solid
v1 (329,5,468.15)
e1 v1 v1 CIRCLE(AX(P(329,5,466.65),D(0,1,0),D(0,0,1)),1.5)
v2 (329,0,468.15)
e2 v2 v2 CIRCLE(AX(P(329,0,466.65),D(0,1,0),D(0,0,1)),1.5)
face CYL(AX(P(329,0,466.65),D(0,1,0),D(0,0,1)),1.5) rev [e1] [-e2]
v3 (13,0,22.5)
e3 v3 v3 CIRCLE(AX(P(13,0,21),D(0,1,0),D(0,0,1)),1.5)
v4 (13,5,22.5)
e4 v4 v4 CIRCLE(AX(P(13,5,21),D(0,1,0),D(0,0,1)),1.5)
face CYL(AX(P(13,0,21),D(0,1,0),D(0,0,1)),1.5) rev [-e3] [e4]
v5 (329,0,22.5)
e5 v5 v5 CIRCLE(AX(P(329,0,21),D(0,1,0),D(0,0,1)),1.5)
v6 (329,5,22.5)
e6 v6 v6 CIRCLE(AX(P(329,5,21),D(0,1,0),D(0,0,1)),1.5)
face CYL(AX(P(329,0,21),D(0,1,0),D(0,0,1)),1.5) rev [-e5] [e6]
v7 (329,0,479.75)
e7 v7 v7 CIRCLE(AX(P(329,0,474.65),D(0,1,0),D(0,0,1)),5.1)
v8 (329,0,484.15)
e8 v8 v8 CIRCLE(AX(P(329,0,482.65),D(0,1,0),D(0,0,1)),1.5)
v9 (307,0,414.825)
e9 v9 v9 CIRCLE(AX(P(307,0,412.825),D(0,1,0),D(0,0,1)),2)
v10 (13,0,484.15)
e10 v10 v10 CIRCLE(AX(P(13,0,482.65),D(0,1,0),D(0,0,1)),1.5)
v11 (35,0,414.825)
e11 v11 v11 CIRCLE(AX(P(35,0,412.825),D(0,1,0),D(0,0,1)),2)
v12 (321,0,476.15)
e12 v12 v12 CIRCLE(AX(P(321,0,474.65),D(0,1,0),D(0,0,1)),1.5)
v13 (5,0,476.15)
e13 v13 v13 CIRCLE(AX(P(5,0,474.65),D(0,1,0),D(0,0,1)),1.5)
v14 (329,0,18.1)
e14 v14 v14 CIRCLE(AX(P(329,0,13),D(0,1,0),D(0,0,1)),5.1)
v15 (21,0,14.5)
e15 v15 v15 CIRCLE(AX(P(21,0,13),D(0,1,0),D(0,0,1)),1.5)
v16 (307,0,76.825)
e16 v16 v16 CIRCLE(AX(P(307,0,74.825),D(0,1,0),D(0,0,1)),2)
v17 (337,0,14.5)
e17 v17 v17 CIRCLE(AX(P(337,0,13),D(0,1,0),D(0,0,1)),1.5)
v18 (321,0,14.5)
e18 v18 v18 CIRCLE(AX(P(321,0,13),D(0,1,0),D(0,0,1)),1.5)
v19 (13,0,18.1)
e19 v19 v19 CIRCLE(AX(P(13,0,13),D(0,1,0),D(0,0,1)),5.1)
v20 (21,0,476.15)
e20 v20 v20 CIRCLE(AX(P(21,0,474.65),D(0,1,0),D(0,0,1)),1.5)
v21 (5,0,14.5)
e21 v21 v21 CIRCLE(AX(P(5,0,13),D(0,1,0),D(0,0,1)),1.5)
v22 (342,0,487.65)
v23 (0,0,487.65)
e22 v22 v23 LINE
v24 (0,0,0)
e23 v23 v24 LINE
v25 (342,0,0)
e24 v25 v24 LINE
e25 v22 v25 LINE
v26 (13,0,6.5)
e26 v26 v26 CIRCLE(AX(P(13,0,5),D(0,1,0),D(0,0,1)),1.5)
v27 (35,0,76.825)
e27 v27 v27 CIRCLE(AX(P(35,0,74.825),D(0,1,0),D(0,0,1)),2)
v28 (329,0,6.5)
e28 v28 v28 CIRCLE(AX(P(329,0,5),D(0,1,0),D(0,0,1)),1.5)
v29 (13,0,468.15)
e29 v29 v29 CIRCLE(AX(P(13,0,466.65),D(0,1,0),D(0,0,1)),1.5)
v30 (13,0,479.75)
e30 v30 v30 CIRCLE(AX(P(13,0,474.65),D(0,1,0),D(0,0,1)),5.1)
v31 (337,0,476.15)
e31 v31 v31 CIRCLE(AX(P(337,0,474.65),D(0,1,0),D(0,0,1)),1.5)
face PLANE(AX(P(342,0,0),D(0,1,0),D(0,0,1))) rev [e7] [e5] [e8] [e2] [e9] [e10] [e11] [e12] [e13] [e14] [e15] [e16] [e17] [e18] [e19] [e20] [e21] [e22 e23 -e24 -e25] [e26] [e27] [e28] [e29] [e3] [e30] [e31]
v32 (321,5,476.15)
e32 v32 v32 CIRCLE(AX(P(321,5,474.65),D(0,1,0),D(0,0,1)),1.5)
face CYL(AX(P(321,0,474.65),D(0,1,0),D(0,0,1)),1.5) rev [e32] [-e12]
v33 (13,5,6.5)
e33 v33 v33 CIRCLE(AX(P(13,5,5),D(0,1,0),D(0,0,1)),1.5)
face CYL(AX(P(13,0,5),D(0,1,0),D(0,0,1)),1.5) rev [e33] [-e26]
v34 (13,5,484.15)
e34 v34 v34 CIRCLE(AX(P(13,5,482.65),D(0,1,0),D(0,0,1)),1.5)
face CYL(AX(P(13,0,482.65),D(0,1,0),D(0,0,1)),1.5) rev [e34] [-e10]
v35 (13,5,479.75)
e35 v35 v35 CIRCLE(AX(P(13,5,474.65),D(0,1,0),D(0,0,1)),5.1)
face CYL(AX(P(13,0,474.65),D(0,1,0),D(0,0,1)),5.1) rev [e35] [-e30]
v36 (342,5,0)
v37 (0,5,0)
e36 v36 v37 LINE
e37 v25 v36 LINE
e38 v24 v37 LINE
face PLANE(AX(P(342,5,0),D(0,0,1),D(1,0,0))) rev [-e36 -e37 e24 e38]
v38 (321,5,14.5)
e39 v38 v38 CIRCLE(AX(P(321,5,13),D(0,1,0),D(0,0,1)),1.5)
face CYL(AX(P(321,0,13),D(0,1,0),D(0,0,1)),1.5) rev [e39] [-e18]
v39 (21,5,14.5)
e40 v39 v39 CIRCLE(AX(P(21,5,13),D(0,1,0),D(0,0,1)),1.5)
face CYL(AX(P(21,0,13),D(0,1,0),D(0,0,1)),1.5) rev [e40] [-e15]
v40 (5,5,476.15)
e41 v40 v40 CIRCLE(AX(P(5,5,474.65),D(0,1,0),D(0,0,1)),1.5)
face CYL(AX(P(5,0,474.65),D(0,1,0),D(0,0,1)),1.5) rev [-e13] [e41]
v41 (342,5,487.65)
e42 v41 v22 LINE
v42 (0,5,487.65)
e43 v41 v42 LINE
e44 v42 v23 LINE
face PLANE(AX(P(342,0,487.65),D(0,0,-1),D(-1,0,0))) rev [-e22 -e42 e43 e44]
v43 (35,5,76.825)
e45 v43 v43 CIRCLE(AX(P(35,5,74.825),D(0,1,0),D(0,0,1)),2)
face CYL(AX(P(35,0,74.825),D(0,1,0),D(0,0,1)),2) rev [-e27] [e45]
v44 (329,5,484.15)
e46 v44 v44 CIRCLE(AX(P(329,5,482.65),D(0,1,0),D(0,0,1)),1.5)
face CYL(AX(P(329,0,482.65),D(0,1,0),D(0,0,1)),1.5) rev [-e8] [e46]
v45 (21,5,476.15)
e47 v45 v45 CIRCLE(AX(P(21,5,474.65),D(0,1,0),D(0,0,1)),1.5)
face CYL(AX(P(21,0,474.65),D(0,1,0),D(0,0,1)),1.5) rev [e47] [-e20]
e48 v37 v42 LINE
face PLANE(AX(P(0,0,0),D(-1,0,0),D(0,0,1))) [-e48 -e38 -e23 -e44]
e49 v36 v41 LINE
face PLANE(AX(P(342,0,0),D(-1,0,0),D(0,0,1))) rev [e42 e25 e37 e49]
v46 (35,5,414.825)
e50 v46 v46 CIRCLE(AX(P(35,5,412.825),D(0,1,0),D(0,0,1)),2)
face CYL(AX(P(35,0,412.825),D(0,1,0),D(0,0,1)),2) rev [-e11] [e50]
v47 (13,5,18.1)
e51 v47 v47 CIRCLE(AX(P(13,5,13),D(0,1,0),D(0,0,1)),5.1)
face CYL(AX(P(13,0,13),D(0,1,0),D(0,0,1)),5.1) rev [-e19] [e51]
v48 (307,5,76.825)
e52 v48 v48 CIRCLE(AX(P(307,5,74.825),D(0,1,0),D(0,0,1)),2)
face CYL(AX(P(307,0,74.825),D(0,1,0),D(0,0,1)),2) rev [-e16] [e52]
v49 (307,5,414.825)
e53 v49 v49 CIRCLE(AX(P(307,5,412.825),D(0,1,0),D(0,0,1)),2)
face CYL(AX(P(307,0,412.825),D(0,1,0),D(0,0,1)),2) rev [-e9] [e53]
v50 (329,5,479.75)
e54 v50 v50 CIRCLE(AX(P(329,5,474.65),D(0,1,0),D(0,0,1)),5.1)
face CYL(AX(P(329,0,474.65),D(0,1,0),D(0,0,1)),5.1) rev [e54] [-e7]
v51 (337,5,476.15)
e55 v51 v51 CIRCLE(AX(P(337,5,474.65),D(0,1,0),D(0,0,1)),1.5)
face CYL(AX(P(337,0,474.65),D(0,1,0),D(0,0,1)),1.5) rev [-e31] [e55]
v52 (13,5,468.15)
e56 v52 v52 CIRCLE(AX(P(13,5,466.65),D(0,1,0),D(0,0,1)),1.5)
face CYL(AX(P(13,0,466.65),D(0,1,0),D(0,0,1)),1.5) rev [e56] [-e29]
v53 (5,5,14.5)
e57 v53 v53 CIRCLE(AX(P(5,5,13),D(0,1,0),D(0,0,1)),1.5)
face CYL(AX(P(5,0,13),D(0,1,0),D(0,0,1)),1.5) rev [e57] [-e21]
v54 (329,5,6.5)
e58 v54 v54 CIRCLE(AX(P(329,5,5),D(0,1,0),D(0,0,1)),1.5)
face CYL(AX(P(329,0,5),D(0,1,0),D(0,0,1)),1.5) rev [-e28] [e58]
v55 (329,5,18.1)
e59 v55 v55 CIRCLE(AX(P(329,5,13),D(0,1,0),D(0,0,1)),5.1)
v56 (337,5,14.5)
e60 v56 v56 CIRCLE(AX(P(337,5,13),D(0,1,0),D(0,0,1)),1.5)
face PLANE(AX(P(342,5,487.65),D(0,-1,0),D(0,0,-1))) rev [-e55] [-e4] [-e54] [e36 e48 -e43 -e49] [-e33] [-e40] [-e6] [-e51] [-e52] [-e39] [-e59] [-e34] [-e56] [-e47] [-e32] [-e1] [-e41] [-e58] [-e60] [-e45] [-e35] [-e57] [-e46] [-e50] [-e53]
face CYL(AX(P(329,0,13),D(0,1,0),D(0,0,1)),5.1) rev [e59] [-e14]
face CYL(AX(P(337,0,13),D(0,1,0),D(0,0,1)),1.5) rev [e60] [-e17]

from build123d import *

# Parameters (mm, degrees)
SKETCH1_W                             = 487.65
SKETCH1_H                             = 5
BOSS_EXTRUDE1_DEPTH                   = 342
THREADEDROD_HOLES_SKETCH2_R           = 5.1
THREADEDROD_HOLES_SKETCH2_R_2         = 1.5
THREADEDRODHOLES_CUT_EXTRUDE1_DEPTH   = 596.643788266
BASEOLATEMOUNTHOLESSKETCH2_R          = 2
BASEPLATEMOUNTHOLESCUT_EXTRUDE1_DEPTH = 596.643788266


with BuildPart() as part:
    # Sketch1 → Boss-Extrude1 (new body)
    with BuildSketch(Plane(origin=(0, 0, 0), x_dir=(0, 0, -1), z_dir=(1, 0, 0))):
        with Locations((-243.825, 2.5)):
            Rectangle(SKETCH1_W, SKETCH1_H)
    extrude(amount=BOSS_EXTRUDE1_DEPTH)

    # ThreadedRod'Holes-Sketch2 → ThreadedRodHoles-Cut-Extrude1 (cut, through all)
    with BuildSketch(Plane(origin=(0, 5, 0), x_dir=(1, 0, 0), z_dir=(0, 1, 0))):
        with Locations(Location((329, -13, 0), (0, 0, 270))):
            Circle(THREADEDROD_HOLES_SKETCH2_R)
        with Locations(Location((321, -13, 0), (0, 0, 270))):
            Circle(THREADEDROD_HOLES_SKETCH2_R_2)
        with Locations(Location((329, -5, 0), (0, 0, 270))):
            Circle(THREADEDROD_HOLES_SKETCH2_R_2)
        with Locations(Location((329, -21, 0), (0, 0, 270))):
            Circle(THREADEDROD_HOLES_SKETCH2_R_2)
        with Locations(Location((337, -13, 0), (0, 0, 270))):
            Circle(THREADEDROD_HOLES_SKETCH2_R_2)
        with Locations(Location((21, -13, 0), (0, 0, 270))):
            Circle(THREADEDROD_HOLES_SKETCH2_R_2)
        with Locations(Location((13, -21, 0), (0, 0, 270))):
            Circle(THREADEDROD_HOLES_SKETCH2_R_2)
        with Locations(Location((13, -5, 0), (0, 0, 270))):
            Circle(THREADEDROD_HOLES_SKETCH2_R_2)
        with Locations(Location((5, -13, 0), (0, 0, 270))):
            Circle(THREADEDROD_HOLES_SKETCH2_R_2)
        with Locations(Location((13, -13, 0), (0, 0, 270))):
            Circle(THREADEDROD_HOLES_SKETCH2_R)
        with Locations(Location((13, -482.65, 0), (0, 0, 270))):
            Circle(THREADEDROD_HOLES_SKETCH2_R_2)
        with Locations(Location((21, -474.65, 0), (0, 0, 270))):
            Circle(THREADEDROD_HOLES_SKETCH2_R_2)
        with Locations(Location((5, -474.65, 0), (0, 0, 270))):
            Circle(THREADEDROD_HOLES_SKETCH2_R_2)
        with Locations(Location((13, -466.65, 0), (0, 0, 270))):
            Circle(THREADEDROD_HOLES_SKETCH2_R_2)
        with Locations(Location((321, -474.65, 0), (0, 0, 270))):
            Circle(THREADEDROD_HOLES_SKETCH2_R_2)
        with Locations(Location((329, -482.65, 0), (0, 0, 270))):
            Circle(THREADEDROD_HOLES_SKETCH2_R_2)
        with Locations(Location((329, -466.65, 0), (0, 0, 270))):
            Circle(THREADEDROD_HOLES_SKETCH2_R_2)
        with Locations(Location((337, -474.65, 0), (0, 0, 270))):
            Circle(THREADEDROD_HOLES_SKETCH2_R_2)
        with Locations(Location((13, -474.65, 0), (0, 0, 270))):
            Circle(THREADEDROD_HOLES_SKETCH2_R)
        with Locations(Location((329, -474.65, 0), (0, 0, 270))):
            Circle(THREADEDROD_HOLES_SKETCH2_R)
    extrude(amount=-THREADEDRODHOLES_CUT_EXTRUDE1_DEPTH, mode=Mode.SUBTRACT)

    # BaseOlateMountHolesSketch2 → BasePlateMountHolesCut-Extrude1 (cut, through all)
    with BuildSketch(Plane(origin=(0, 5, 0), x_dir=(1, 0, 0), z_dir=(0, 1, 0))):
        with Locations(Location((35, -74.825, 0), (0, 0, 270))):
            Circle(BASEOLATEMOUNTHOLESSKETCH2_R)
        with Locations(Location((307, -74.825, 0), (0, 0, 270))):
            Circle(BASEOLATEMOUNTHOLESSKETCH2_R)
        with Locations(Location((307, -412.825, 0), (0, 0, 270))):
            Circle(BASEOLATEMOUNTHOLESSKETCH2_R)
        with Locations(Location((35, -412.825, 0), (0, 0, 270))):
            Circle(BASEOLATEMOUNTHOLESSKETCH2_R)
    extrude(amount=-BASEPLATEMOUNTHOLESCUT_EXTRUDE1_DEPTH, mode=Mode.SUBTRACT)


solid = part.part
